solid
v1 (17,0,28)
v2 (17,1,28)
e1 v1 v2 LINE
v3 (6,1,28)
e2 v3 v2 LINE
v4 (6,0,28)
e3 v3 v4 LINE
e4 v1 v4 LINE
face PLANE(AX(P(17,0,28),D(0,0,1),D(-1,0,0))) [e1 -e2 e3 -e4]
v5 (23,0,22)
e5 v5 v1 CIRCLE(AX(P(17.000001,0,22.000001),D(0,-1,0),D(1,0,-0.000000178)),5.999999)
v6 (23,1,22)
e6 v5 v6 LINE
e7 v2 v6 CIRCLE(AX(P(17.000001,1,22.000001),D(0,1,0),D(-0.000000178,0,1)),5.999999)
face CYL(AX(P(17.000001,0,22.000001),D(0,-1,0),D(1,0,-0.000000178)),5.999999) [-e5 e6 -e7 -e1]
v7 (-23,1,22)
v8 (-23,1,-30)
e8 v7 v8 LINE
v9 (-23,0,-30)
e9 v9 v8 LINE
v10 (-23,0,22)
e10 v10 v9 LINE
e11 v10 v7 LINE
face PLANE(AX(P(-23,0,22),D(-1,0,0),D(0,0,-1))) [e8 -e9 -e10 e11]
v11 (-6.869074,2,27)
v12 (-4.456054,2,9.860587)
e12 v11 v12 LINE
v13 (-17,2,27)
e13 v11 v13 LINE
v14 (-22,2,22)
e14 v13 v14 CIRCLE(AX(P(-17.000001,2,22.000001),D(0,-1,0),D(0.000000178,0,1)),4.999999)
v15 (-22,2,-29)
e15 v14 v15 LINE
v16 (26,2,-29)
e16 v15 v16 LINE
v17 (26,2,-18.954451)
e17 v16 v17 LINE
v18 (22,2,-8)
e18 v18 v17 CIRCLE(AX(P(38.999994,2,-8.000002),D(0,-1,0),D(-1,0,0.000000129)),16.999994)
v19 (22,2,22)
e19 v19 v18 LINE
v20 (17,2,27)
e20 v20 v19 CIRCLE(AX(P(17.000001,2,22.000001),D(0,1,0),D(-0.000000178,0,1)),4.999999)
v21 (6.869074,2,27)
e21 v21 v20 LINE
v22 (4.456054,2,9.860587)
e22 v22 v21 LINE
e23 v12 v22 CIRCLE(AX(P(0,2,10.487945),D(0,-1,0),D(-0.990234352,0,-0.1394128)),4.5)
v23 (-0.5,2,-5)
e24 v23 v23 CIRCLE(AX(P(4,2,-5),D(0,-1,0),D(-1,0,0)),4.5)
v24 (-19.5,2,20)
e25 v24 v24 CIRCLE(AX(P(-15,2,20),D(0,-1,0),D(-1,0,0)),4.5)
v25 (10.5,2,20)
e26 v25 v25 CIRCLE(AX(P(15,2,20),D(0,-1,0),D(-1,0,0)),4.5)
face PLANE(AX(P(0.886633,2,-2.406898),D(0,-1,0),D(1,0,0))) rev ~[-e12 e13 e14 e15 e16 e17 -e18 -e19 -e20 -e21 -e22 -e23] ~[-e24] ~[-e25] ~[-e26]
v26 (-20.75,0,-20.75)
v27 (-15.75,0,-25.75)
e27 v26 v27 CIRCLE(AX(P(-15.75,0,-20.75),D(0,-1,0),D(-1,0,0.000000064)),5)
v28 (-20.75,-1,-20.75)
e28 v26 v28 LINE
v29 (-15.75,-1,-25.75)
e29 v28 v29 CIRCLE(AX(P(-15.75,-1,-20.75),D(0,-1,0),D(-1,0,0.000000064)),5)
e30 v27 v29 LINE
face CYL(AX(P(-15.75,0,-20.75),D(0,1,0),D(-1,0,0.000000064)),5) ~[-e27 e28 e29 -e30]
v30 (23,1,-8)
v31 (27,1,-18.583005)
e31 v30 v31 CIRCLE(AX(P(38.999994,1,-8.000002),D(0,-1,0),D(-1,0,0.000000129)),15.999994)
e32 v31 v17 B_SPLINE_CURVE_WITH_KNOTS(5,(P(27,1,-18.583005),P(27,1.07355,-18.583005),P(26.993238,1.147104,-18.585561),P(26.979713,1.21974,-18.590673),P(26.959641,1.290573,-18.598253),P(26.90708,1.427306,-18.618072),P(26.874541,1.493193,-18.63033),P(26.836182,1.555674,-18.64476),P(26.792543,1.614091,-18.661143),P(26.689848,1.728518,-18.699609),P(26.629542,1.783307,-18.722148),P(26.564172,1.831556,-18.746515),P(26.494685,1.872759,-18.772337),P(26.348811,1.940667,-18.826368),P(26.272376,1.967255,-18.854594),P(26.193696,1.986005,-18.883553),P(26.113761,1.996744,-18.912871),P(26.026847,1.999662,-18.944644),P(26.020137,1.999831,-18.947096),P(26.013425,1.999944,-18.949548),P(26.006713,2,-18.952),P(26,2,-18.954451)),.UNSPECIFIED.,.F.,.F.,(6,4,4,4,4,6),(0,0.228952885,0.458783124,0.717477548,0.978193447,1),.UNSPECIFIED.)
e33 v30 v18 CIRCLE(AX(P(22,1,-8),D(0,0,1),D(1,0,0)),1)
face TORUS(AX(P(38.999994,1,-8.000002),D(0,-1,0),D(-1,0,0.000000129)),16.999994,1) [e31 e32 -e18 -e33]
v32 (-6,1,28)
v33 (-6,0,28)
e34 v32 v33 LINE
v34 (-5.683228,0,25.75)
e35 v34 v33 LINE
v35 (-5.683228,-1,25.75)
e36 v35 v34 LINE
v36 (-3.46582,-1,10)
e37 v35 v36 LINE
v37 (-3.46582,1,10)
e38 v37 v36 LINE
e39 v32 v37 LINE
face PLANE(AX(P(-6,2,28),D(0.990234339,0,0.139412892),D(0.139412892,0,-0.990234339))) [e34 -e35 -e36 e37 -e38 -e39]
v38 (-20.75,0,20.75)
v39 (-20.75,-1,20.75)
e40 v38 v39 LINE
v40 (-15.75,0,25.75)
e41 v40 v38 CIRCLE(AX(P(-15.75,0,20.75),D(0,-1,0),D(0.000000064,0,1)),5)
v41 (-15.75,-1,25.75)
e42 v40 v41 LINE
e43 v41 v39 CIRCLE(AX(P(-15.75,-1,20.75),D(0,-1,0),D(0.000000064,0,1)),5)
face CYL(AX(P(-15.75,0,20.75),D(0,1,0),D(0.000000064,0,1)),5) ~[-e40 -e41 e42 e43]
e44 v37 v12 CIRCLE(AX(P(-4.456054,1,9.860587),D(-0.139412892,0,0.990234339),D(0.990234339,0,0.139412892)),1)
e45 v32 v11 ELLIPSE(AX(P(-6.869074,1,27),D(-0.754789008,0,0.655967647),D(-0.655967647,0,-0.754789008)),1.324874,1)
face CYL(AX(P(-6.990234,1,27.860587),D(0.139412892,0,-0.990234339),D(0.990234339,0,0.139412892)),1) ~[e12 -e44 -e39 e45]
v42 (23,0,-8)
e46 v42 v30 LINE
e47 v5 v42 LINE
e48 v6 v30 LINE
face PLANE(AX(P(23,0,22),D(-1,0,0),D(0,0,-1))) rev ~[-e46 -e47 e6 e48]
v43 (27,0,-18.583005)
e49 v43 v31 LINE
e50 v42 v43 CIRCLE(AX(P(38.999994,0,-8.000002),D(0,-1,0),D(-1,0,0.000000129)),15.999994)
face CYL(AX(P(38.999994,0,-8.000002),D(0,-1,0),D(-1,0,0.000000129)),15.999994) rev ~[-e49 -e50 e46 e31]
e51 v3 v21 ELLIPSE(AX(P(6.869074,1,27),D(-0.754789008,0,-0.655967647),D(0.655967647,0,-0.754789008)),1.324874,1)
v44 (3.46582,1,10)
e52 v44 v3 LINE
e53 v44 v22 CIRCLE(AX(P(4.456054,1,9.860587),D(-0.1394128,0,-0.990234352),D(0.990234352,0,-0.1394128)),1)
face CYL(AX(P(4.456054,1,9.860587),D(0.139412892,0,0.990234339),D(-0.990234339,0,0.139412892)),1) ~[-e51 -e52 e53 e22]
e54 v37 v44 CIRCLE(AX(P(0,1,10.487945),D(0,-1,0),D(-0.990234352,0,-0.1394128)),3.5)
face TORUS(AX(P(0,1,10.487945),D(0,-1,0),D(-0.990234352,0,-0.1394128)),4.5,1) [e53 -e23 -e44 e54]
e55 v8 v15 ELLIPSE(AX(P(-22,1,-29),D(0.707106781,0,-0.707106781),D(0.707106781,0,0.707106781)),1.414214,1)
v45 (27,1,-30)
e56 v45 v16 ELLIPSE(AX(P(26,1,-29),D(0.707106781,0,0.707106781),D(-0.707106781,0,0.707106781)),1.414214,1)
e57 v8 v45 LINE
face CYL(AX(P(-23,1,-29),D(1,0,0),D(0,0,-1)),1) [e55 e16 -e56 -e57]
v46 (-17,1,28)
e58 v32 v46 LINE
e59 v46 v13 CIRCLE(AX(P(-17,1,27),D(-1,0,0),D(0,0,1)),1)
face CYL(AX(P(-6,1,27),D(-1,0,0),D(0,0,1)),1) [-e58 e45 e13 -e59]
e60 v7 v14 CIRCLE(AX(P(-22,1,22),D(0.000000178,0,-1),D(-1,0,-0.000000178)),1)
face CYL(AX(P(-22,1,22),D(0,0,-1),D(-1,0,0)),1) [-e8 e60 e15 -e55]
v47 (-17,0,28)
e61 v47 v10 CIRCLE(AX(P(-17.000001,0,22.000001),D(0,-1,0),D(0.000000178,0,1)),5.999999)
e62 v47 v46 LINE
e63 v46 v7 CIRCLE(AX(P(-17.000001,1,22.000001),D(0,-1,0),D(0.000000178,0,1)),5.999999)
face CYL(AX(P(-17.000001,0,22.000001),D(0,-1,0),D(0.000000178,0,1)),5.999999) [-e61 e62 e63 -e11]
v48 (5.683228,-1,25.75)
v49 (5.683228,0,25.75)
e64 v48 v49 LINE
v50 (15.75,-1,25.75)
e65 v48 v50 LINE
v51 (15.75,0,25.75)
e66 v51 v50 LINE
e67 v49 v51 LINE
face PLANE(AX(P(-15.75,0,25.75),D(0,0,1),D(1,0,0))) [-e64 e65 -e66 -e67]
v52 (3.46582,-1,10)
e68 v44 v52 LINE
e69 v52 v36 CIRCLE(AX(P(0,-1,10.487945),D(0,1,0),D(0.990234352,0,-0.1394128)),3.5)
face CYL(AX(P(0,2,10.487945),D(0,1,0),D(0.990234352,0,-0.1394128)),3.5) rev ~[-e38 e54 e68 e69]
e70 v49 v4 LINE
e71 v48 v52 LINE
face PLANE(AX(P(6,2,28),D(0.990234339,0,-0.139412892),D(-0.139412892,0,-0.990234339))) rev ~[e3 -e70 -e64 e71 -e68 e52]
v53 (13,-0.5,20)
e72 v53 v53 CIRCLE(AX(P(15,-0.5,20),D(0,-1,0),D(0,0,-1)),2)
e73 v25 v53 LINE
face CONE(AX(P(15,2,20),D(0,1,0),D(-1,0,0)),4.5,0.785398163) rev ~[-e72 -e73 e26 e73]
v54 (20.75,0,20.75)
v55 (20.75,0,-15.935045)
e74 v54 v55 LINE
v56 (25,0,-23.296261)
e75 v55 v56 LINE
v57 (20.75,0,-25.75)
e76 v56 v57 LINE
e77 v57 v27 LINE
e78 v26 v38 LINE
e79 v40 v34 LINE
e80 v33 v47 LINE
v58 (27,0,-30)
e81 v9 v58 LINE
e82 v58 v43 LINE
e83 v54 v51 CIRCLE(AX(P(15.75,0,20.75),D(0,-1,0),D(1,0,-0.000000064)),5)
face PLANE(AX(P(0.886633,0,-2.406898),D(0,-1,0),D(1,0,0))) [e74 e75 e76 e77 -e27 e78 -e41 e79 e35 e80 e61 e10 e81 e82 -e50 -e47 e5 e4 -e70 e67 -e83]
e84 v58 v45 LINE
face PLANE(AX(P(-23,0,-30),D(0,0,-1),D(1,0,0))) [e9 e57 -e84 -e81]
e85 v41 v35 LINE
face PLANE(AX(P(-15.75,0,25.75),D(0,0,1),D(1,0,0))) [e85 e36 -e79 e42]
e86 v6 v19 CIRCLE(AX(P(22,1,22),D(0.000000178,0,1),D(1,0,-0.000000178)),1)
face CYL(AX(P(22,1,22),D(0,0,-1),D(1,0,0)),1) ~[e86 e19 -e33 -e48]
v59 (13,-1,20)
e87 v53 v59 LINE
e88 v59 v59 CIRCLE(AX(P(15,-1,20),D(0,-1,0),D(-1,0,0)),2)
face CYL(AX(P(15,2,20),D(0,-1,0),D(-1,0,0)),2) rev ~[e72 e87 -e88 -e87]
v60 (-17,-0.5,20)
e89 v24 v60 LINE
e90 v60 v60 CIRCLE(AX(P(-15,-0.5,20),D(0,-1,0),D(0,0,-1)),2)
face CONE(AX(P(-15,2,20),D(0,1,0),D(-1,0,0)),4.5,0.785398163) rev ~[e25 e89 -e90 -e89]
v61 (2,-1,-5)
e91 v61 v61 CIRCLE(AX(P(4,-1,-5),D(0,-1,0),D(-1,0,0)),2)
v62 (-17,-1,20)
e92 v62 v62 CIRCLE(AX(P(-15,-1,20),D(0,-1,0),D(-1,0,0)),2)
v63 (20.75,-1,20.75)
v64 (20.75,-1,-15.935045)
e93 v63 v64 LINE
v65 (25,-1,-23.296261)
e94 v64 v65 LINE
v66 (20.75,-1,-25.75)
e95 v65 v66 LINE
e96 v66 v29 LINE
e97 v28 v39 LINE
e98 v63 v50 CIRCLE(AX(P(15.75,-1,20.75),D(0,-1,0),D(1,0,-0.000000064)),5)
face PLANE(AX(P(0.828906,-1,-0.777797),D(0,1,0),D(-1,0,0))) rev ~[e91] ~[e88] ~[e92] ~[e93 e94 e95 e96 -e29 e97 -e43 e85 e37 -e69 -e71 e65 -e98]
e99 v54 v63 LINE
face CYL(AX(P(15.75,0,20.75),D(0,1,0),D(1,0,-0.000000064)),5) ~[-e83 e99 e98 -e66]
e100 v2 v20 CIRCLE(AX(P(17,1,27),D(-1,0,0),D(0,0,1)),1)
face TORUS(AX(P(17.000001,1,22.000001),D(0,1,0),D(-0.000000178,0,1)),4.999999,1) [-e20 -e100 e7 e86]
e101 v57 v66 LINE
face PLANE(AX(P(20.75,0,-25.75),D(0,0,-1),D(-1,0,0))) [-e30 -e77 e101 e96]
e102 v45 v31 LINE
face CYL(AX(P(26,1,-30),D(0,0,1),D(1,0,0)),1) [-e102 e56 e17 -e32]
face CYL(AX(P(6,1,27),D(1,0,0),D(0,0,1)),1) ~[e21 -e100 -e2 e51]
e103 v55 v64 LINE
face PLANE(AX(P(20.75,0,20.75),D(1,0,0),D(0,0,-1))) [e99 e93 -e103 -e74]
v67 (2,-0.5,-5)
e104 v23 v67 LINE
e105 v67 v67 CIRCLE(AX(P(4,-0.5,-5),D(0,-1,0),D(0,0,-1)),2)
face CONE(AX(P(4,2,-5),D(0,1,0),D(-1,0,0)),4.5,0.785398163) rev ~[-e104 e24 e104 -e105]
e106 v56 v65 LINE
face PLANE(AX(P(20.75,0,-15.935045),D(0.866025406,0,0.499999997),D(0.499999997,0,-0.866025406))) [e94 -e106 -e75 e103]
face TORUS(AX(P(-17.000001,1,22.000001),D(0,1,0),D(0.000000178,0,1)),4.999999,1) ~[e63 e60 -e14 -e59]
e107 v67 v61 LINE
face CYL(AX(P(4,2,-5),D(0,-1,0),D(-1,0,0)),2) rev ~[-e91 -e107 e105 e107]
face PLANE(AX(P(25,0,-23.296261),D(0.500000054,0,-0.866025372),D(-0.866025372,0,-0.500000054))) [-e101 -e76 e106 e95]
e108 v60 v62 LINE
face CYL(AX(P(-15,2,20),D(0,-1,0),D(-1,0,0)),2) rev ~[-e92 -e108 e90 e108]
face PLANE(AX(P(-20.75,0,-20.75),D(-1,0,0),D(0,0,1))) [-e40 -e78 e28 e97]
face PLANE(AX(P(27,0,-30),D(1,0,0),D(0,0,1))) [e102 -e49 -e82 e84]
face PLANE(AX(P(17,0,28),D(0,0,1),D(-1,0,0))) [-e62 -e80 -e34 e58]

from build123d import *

# Parameters (mm, degrees)
PAD008_DEPTH        = 2
PAD009_DEPTH        = 1
POCKET009_DEPTH     = 3.001
HOLE006_D           = 4
HOLE006_DEPTH       = 25
HOLE006_CSINK_D     = 9
HOLE006_CSINK_ANGLE = 90
FILLET007_R         = 1


with BuildPart() as part:
    # Sketch025 → Pad008 (new body)
    with BuildSketch(Plane.XZ):
        with BuildLine():
            Line((17, 28), (-17, 28))
            ThreePointArc((-17, 28), (-21.242641, 26.242641), (-23, 22))
            Line((-23, 22), (-23, -30))
            Line((-23, -30), (27, -30))
            Line((27, -30), (27, -18.583005))
            ThreePointArc((23, -8), (24.03337, -13.656854), (27, -18.583005))
            Line((23, 22), (23, -8))
            ThreePointArc((23, 22), (21.242641, 26.242641), (17, 28))
        make_face()
    extrude(amount=-PAD008_DEPTH)

    # Sketch026 (on Face9 of Pad008) → Pad009 (join)
    with BuildSketch(Plane.XZ):
        with BuildLine():
            Line((-20.75, -20.75), (-20.75, 20.75))
            ThreePointArc((-15.75, 25.75), (-19.285534, 24.285534), (-20.75, 20.75))
            Line((-15.75, 25.75), (15.75, 25.75))
            ThreePointArc((20.75, 20.75), (19.285534, 24.285534), (15.75, 25.75))
            Line((20.75, 20.75), (20.75, -15.935045))
            Line((20.75, -15.935045), (25, -23.296261))
            Line((25, -23.296261), (20.75, -25.75))
            Line((20.75, -25.75), (-15.75, -25.75))
            ThreePointArc((-20.75, -20.75), (-19.285534, -24.285534), (-15.75, -25.75))
        make_face()
    extrude(amount=PAD009_DEPTH)

    # Sketch027 (on Face5 of Pad009) → Pocket009 (cut, through all)
    with BuildSketch(Plane(origin=(0, 2, 0), x_dir=(1, 0, 0), z_dir=(0, 1, 0))):
        with BuildLine():
            Line((-6, -28), (6, -28))
            Line((6, -28), (3.46582, -10))
            ThreePointArc((3.46582, -10), (0, -6.987945), (-3.46582, -10))
            Line((-6, -28), (-3.46582, -10))
        make_face()
    extrude(amount=-POCKET009_DEPTH, mode=Mode.SUBTRACT)

    # Hole006
    with Locations(Plane(origin=(0, 2, 0), x_dir=(1, 0, 0), z_dir=(0, 1, 0))):
        with Locations((-15, -20), (15, -20), (4, 5)):
            CounterSinkHole(HOLE006_D / 2, HOLE006_CSINK_D / 2, depth=HOLE006_DEPTH, counter_sink_angle=HOLE006_CSINK_ANGLE)

    # Fillet007
    fillet007_edges = [part.edges().sort_by_distance(p)[0] for p in [
        (23, 2, 7),
        (24.03337, 2, -13.656854),
        (27, 2, -24.291503),
        (2, 2, -30),
        (-23, 2, -4),
        (-21.242641, 2, 26.242641),
        (-11.5, 2, 28),
        (-4.73291, 2, 19),
        (0, 2, 6.987945),
        (4.73291, 2, 19),
        (11.5, 2, 28),
        (21.242641, 2, 26.242641),
    ]]
    fillet(fillet007_edges, radius=FILLET007_R)


solid = part.part
